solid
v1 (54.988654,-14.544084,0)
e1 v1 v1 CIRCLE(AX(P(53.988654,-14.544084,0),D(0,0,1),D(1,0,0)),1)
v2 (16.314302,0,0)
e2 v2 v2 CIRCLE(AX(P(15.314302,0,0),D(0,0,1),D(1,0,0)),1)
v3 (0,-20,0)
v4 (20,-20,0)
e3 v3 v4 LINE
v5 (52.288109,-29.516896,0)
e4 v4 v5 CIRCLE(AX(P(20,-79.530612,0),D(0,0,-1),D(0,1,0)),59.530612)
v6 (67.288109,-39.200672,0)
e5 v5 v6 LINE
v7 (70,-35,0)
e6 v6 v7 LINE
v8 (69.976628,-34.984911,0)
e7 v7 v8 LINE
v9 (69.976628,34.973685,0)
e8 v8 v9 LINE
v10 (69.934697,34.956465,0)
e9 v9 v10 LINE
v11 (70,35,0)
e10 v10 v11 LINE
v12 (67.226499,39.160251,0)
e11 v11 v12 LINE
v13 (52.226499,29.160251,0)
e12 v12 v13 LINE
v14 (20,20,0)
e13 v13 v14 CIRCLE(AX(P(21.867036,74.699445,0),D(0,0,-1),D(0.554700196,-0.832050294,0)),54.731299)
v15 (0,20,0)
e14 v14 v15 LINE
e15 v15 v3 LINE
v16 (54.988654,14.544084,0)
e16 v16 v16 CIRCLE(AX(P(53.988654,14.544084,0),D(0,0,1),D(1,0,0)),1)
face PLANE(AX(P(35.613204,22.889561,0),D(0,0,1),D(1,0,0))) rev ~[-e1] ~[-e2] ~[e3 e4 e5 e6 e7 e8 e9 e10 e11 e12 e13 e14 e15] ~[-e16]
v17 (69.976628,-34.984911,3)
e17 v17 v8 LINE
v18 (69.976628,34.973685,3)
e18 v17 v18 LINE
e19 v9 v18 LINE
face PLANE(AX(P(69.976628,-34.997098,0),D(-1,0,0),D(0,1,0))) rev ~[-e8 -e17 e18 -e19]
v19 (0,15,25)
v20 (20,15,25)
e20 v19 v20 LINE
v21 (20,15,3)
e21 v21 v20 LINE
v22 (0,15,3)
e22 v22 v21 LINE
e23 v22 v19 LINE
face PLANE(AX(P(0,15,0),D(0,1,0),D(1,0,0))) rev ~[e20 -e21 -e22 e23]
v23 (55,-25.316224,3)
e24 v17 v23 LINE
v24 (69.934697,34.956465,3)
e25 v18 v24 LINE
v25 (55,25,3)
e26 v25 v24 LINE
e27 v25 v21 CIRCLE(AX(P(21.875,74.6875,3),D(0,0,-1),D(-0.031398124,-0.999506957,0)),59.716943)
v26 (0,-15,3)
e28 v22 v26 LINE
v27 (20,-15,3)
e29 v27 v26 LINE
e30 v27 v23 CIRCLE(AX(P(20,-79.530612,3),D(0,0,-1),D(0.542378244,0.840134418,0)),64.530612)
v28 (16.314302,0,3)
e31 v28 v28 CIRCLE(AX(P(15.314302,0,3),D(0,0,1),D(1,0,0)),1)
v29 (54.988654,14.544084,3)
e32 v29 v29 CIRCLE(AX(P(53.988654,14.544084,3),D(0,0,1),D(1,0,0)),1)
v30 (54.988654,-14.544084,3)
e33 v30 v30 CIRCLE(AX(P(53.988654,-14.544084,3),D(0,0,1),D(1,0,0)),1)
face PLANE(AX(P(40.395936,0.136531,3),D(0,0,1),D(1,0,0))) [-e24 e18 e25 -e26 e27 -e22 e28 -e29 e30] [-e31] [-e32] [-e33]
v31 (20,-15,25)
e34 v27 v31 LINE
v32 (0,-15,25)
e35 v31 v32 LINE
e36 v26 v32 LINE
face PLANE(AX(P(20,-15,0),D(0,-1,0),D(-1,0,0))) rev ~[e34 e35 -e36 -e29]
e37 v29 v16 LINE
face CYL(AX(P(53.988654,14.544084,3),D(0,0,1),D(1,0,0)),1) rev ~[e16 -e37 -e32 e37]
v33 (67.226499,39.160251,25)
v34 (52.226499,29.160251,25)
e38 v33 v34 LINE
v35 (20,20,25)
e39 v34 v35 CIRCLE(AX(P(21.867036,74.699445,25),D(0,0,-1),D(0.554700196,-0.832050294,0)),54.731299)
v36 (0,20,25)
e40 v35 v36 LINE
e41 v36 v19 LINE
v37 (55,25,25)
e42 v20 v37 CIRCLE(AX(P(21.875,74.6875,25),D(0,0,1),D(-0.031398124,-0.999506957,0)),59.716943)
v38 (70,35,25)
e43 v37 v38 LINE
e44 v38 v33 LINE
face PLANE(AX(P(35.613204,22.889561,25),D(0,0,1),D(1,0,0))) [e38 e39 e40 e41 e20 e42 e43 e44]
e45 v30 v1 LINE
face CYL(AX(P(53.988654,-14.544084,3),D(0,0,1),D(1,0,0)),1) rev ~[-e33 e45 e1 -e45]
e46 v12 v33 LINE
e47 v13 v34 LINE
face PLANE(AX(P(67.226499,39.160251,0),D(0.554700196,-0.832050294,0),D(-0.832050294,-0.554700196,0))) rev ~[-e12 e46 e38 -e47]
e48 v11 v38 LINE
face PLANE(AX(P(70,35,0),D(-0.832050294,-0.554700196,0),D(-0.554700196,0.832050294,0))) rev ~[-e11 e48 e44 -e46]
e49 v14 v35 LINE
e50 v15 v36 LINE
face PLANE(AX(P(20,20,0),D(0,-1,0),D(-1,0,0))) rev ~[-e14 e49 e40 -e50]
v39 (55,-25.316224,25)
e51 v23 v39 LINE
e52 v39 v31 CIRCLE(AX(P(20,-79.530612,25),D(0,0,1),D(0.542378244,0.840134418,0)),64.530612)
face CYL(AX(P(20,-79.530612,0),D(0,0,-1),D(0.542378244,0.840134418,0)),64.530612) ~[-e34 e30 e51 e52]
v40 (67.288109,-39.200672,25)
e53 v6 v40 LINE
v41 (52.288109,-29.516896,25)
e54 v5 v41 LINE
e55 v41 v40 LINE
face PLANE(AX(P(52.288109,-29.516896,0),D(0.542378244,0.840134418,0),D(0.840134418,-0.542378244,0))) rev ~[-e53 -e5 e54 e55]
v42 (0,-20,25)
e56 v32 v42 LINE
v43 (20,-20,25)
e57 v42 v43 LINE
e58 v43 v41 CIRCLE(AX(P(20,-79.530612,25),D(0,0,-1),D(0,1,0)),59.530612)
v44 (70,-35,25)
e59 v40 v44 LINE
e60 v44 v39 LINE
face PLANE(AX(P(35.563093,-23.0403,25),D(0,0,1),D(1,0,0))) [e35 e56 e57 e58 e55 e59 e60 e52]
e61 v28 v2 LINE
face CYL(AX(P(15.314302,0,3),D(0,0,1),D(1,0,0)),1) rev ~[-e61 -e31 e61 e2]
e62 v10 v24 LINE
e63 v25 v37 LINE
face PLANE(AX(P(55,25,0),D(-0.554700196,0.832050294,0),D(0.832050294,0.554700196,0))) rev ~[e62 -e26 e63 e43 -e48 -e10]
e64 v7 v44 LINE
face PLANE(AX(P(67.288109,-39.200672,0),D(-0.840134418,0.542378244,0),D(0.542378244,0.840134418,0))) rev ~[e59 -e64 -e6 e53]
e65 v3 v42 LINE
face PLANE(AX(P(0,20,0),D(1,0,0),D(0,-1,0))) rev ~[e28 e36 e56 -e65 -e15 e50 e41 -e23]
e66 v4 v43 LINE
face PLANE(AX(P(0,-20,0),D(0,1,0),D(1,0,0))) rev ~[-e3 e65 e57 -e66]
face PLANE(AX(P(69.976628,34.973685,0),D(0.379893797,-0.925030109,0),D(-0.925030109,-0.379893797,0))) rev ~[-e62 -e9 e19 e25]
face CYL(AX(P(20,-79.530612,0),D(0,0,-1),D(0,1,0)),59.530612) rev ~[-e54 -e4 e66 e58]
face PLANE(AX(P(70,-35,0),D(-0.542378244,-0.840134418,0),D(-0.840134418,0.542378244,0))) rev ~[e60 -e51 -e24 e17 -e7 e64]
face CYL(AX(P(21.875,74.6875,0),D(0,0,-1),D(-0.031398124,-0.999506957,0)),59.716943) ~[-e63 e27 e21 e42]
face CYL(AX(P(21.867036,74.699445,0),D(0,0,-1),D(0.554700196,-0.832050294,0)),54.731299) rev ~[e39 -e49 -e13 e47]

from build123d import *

# Parameters (mm, degrees)
F1_DEPTH = 25
F3_DEPTH = 3
F4_R     = 1
F5_DEPTH = 3


with BuildPart() as f1:
    # F0 (on Top) → F1 (new body)
    with BuildSketch(Plane.XY):
        with BuildLine():
            Line((0, 20), (0, 15))
            Line((0, 15), (20, 15))
            ThreePointArc((20, 15), (38.2805059355, 17.2682292257), (55, 25))
            Line((55, 25), (70, 35))
            Line((70, 35), (67.2264990189, 39.1602514717))
            Line((67.2264990189, 39.1602514717), (52.2264990189, 29.1602514717))
            ThreePointArc((52.2264990189, 29.1602514717), (36.8313987252, 22.0536192236), (20, 20))
            Line((20, 20), (0, 20))
        make_face()
    extrude(amount=F1_DEPTH)



with BuildPart() as f1b:
    # F0 (on Top) → F1, piece 2 (new body)
    with BuildSketch(Plane.XY):
        with BuildLine():
            Line((20, -15), (0, -15))
            Line((0, -15), (0, -20))
            Line((0, -20), (20, -20))
            ThreePointArc((20, -20), (36.8307254493, -22.4287692466), (52.2881087807, -29.516895921))
            Line((52.2881087807, -29.516895921), (67.2881087807, -39.2006720908))
            Line((67.2881087807, -39.2006720908), (70, -35))
            Line((70, -35), (55, -25.3162238302))
            ThreePointArc((55, -25.3162238302), (38.2443448369, -17.6327625507), (20, -15))
        make_face()
    extrude(amount=F1_DEPTH)


with BuildPart() as f1_1:
    add(f1.part)

    add(f1b.part)  # F3 merges F1b
    # F2 (on Top) → F3 (join)
    with BuildSketch(Plane.XY):
        Polygon((31.2723219395, 17.9464295506), (0, 17.5446420908), (0, -17.1428583562), (26.3169649988, -17.1428583562), (39.7098250687, -20.0892854482), (53.7723265588, -27.187500149), (69.9766278267, -34.9970981479), (69.9766278267, 34.9736848865), (58.1919662654, 30.1339291036), (44.7991117835, 22.7678567171), align=None)
    extrude(amount=F3_DEPTH)

    # F4 (on face) → F5 (cut)
    with BuildSketch(Plane.XY.offset(3)):
        with Locations((15.3143024072, 0)):
            Circle(F4_R)
        with Locations((53.9886541665, 14.5440837368)):
            Circle(F4_R)
        with Locations((53.9886541665, -14.5440837368)):
            Circle(F4_R)
    extrude(amount=-F5_DEPTH, mode=Mode.SUBTRACT)


solid = f1_1.part
